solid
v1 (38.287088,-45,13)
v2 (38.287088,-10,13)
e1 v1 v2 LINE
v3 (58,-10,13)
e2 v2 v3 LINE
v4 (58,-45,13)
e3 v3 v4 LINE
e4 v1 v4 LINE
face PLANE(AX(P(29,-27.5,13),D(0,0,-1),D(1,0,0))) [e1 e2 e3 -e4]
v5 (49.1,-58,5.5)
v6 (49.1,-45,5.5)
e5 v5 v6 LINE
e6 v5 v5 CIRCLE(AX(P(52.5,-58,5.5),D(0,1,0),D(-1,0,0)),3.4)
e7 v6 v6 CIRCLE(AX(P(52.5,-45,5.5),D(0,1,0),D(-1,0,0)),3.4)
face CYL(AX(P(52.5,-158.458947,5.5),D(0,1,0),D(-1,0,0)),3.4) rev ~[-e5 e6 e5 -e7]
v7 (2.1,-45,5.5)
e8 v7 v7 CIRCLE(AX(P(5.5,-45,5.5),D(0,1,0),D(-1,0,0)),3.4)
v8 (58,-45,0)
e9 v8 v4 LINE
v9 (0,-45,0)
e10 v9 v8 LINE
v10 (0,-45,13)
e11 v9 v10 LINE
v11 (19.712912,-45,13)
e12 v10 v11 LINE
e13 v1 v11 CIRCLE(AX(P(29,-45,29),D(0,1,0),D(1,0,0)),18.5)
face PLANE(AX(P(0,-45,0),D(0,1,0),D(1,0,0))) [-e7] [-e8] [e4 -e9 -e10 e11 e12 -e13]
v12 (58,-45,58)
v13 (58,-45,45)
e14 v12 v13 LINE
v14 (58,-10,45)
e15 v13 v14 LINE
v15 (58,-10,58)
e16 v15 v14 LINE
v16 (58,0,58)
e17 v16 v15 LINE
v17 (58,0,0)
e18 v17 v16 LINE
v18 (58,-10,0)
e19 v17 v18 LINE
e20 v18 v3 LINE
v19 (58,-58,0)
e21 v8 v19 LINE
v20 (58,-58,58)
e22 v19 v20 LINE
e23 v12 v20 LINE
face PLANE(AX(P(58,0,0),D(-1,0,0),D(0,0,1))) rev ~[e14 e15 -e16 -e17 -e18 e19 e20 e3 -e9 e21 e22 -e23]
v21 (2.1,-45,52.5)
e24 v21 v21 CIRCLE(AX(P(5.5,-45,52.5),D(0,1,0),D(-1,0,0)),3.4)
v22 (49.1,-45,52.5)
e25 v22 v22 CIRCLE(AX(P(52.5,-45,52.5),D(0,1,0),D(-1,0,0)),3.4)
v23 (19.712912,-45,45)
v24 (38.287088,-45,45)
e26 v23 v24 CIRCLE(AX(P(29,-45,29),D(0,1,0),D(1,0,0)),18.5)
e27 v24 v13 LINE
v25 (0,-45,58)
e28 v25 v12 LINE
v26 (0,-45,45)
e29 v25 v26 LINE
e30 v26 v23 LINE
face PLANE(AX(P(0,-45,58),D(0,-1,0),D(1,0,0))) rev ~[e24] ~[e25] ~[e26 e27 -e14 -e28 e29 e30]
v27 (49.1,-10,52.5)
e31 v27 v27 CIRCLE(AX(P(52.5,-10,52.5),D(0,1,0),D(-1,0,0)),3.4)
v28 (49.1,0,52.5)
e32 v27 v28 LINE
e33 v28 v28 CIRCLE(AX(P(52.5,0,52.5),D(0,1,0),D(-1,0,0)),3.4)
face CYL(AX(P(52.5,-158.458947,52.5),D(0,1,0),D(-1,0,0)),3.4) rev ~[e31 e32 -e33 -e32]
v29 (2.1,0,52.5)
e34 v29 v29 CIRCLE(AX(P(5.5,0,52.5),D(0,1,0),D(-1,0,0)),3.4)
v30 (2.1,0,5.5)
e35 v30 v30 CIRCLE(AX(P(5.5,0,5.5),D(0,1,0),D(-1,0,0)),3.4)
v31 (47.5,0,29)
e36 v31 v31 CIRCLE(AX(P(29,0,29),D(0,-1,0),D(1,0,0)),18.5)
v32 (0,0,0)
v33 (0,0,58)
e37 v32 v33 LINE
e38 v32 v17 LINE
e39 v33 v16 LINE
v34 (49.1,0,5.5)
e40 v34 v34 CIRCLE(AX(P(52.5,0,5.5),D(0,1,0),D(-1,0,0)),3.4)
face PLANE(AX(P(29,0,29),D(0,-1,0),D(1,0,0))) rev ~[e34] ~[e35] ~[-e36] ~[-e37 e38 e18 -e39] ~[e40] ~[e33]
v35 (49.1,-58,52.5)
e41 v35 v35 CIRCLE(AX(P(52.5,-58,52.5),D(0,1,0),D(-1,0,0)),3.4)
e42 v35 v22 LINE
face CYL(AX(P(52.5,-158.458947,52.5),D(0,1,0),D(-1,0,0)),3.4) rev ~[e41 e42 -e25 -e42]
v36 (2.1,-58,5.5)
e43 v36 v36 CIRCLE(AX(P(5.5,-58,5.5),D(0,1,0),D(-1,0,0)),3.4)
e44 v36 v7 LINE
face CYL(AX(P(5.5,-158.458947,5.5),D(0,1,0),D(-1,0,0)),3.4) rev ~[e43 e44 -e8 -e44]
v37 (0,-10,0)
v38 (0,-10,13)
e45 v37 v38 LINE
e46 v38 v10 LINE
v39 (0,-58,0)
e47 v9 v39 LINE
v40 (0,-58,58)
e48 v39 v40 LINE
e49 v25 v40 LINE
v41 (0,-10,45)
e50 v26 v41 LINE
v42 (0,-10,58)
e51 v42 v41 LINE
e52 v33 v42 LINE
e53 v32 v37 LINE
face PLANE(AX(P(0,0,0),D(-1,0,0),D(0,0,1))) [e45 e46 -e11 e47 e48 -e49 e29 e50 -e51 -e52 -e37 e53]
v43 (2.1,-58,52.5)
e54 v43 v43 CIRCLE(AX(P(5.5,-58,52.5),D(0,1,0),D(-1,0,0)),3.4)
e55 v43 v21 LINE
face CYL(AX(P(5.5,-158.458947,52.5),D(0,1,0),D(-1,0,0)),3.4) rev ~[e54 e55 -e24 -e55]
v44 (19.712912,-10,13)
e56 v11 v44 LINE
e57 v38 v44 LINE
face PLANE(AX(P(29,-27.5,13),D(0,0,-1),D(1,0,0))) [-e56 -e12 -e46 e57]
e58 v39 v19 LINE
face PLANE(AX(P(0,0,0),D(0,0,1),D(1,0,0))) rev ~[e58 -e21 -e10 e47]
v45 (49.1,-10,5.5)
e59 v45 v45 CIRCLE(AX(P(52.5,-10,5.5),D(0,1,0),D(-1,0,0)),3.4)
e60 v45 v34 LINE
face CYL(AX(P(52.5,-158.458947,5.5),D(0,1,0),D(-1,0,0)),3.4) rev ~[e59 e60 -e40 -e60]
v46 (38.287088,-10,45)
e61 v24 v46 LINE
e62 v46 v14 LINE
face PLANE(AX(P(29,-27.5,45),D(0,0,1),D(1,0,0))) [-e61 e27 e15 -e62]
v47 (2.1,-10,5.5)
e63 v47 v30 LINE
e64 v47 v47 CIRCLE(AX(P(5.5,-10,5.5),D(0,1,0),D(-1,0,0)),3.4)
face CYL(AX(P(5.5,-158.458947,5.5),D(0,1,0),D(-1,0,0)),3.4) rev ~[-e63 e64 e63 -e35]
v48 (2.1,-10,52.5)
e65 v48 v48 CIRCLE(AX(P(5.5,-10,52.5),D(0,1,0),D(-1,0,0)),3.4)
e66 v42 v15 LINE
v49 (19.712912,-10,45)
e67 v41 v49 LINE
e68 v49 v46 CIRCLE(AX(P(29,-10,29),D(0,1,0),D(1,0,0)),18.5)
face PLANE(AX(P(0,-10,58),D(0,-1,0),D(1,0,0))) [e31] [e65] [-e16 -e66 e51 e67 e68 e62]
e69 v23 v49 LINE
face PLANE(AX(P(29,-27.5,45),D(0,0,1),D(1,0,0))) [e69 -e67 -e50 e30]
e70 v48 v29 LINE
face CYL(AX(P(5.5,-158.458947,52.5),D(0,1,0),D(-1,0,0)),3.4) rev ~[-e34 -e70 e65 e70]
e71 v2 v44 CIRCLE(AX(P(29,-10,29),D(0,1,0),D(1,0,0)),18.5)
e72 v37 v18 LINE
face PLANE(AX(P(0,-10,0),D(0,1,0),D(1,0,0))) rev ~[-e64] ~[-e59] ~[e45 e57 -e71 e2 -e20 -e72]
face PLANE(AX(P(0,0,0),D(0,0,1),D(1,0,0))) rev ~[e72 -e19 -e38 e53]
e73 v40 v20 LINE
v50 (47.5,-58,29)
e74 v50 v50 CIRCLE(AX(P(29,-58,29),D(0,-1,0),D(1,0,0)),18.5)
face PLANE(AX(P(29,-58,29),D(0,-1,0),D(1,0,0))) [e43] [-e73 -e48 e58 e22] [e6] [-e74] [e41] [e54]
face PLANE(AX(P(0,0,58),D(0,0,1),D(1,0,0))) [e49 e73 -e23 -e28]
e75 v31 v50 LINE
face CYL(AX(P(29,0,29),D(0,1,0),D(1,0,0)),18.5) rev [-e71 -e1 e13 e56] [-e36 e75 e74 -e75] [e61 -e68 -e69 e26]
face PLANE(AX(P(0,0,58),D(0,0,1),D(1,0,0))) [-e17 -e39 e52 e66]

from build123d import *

# Parameters (mm, degrees)
F0_W     = 58
F0_H     = 58
F0_R     = 18.5
F1_DEPTH = 58
F2_W     = 58
F2_H     = 35
F3_DEPTH = 13
F4_W     = 58
F4_H     = 35
F5_DEPTH = 13
F7_D     = 6.8


with BuildPart() as f1:
    # F0 (on Front) → F1 (new body)
    with BuildSketch(Plane.XZ):
        with Locations((29, 29)):
            Rectangle(F0_W, F0_H)
        with Locations((29, 29)):
            Circle(F0_R, mode=Mode.SUBTRACT)
    extrude(amount=F1_DEPTH)

    # F2 (on face) → F3 (cut)
    with BuildSketch(Plane.XY.offset(58)):
        with Locations((29, -27.5)):
            Rectangle(F2_W, F2_H)
    extrude(amount=-F3_DEPTH, mode=Mode.SUBTRACT)

    # F4 (on face) → F5 (cut)
    with BuildSketch(Plane(origin=(0, 0, 0), x_dir=(1, 0, 0), z_dir=(0, 0, -1))):
        with Locations((29, 27.5)):
            Rectangle(F4_W, F4_H)
    extrude(amount=-F5_DEPTH, mode=Mode.SUBTRACT)

    # F7 (through all)
    with Locations(Plane.XZ.offset(58)):
        with Locations((5.5, 52.5), (52.5, 52.5), (5.5, 5.5), (52.5, 5.5)):
            Hole(F7_D / 2)


solid = f1.part
